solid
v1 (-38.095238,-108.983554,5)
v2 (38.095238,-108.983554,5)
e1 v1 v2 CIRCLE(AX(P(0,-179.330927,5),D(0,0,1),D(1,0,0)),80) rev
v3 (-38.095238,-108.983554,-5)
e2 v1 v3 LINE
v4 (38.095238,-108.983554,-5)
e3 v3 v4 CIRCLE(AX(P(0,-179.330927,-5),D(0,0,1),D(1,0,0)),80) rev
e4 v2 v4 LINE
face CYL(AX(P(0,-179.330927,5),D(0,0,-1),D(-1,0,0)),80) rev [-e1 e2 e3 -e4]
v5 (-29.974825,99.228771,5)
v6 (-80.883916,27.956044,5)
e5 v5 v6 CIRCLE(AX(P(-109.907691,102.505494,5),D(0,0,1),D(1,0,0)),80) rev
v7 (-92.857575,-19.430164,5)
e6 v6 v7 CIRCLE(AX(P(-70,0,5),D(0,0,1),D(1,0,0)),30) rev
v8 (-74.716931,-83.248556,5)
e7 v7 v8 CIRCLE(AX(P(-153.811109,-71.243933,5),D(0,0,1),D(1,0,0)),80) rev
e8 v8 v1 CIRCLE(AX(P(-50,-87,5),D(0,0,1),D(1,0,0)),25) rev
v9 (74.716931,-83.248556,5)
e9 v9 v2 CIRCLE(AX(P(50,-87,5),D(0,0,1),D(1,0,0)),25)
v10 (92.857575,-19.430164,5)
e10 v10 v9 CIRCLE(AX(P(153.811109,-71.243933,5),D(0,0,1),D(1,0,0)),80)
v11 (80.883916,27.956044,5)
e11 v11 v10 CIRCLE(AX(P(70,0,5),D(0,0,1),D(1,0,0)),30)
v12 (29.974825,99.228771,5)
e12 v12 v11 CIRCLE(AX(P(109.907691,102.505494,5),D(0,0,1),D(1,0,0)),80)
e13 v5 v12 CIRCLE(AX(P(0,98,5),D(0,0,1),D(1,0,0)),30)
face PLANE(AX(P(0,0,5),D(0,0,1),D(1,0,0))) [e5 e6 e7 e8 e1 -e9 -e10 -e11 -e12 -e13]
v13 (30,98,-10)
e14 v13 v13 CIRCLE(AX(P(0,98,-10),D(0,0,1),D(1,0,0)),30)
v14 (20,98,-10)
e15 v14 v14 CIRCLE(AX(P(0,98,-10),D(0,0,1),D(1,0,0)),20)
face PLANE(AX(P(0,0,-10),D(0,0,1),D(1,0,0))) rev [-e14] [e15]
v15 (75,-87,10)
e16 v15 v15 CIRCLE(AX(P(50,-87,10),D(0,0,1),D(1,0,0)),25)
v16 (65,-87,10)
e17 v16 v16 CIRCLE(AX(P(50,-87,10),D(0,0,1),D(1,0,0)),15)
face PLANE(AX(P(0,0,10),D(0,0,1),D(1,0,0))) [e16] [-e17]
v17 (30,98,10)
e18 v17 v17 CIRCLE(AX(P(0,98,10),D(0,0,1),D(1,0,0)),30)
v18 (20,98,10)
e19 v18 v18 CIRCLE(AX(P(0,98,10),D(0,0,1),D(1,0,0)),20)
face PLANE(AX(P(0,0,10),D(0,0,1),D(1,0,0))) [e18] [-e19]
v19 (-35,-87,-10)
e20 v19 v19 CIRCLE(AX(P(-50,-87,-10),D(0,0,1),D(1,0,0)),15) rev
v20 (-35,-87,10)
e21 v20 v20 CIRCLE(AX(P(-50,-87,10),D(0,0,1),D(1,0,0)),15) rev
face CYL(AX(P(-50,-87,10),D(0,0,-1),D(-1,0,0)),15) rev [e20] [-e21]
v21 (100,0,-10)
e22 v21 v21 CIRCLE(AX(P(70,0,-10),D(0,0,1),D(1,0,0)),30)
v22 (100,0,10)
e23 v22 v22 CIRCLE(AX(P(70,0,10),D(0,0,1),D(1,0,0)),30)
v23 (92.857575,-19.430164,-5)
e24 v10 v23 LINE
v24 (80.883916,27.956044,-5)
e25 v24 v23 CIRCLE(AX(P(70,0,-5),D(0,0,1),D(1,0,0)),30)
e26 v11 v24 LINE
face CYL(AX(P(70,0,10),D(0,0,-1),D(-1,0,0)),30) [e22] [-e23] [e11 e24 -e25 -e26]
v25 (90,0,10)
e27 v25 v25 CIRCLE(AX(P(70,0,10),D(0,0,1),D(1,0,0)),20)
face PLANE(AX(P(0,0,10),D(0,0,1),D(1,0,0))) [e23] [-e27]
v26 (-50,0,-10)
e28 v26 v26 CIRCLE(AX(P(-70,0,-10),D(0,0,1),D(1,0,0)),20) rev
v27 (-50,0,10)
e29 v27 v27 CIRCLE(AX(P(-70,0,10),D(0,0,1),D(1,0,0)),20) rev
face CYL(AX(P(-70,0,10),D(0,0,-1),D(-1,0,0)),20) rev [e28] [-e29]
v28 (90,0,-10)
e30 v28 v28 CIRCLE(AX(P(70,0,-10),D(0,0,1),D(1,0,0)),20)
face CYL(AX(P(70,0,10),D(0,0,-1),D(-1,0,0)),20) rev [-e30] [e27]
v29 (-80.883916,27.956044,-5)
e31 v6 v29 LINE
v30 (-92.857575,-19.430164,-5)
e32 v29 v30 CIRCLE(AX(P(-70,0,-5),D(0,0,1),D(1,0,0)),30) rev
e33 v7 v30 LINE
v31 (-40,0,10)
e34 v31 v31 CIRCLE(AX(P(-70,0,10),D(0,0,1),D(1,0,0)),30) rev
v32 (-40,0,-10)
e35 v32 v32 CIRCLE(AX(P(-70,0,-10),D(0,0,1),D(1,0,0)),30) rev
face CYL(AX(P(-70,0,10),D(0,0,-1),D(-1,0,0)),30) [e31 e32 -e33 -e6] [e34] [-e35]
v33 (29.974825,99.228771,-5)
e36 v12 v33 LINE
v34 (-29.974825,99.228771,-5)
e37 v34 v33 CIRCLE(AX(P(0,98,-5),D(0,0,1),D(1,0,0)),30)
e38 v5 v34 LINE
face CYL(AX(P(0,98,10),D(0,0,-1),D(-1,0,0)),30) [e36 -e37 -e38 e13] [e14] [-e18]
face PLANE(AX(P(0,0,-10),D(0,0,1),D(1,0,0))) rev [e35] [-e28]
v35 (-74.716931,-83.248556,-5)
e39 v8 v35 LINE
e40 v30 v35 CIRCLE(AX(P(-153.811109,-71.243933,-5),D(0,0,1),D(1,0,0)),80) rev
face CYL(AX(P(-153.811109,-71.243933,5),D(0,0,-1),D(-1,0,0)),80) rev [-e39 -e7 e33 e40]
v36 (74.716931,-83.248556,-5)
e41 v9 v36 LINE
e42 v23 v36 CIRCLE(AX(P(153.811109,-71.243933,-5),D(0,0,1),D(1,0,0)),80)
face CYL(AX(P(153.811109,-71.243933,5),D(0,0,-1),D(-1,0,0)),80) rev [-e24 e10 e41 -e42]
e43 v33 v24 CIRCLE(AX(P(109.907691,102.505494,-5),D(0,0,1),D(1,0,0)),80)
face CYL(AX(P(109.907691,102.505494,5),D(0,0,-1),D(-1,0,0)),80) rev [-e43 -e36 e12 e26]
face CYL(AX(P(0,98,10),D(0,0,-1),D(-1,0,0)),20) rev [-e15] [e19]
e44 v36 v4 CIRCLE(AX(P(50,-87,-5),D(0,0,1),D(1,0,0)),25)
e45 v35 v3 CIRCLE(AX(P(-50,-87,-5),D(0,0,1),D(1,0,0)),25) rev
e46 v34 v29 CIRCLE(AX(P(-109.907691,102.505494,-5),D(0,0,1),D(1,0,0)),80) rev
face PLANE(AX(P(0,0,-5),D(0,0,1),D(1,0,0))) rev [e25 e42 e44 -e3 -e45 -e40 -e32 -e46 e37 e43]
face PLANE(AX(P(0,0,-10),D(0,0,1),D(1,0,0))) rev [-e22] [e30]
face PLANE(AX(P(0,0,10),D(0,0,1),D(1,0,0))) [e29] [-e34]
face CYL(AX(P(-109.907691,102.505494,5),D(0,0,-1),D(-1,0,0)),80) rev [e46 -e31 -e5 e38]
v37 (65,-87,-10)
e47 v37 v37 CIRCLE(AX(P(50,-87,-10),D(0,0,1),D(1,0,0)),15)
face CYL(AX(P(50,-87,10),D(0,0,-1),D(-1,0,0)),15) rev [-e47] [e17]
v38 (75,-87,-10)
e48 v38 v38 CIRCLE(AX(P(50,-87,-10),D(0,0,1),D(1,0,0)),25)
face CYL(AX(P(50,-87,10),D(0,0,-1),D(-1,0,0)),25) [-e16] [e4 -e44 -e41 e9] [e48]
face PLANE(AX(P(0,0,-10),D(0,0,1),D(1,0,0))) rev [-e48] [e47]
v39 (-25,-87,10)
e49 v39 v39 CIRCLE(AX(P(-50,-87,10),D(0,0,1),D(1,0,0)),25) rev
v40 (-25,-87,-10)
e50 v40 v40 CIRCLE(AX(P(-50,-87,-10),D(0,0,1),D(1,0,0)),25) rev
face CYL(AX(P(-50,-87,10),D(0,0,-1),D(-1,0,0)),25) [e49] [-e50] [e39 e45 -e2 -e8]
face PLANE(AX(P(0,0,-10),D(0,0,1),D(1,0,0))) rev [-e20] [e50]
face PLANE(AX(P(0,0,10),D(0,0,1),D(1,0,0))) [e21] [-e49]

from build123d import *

# Parameters (mm, degrees)
BOSS_EXTRUDE1_DEPTH = 5
SKETCH1_3_R         = 30
SKETCH1_3_R_2       = 20
SKETCH1_3_R_3       = 25
SKETCH1_3_R_4       = 15
BOSS_EXTRUDE2_DEPTH = 10


with BuildPart() as part:
    # Sketch1 → Boss-Extrude1 (new, symmetric)
    with BuildSketch(Plane.XY):
        with BuildLine():
            ThreePointArc((30, 98), (21.213203436, 76.786796564), (0, 68))
            ThreePointArc((0, 68), (-21.643279891, 77.22577473), (-29.974824802, 99.228770963))
            ThreePointArc((-29.974824802, 99.228770963), (-44.809013245, 56.006438032), (-80.883915711, 27.95604369))
            ThreePointArc((-80.883915711, 27.95604369), (-53.066563718, 24.764061373), (-40, 0))
            ThreePointArc((-40, 0), (-59.649329868, -28.157834217), (-92.857575187, -19.430163575))
            ThreePointArc((-92.857575187, -19.430163575), (-76.859583983, -49.370140698), (-74.716930719, -83.248555502))
            ThreePointArc((-74.716930719, -83.248555502), (-48.118945506, -62.070867765), (-25, -87))
            ThreePointArc((-25, -87), (-28.521882675, -99.794157893), (-38.095238095, -108.983553944))
            ThreePointArc((-38.095238095, -108.983553944), (0, -99.330926563), (38.095238095, -108.983553944))
            ThreePointArc((38.095238095, -108.983553944), (35.626049477, -66.54542725), (74.716930719, -83.248555502))
            ThreePointArc((74.716930719, -83.248555502), (76.859583983, -49.370140698), (92.857575187, -19.430163575))
            ThreePointArc((92.857575187, -19.430163575), (40.914175072, -7.349475372), (80.883915711, 27.95604369))
            ThreePointArc((80.883915711, 27.95604369), (44.809013245, 56.006438032), (29.974824802, 99.228770963))
            ThreePointArc((29.974824802, 99.228770963), (29.99370554, 98.614514416), (30, 98))
        make_face()
    extrude(amount=BOSS_EXTRUDE1_DEPTH, both=True)

    # Sketch1<3> → Boss-Extrude2 (add, symmetric)
    # profile 1 of 5: a face of its own
    with BuildSketch(Plane.XY):
        with Locations((0, 98)):
            Circle(SKETCH1_3_R)
        with Locations((0, 98)):
            Circle(SKETCH1_3_R_2, mode=Mode.SUBTRACT)
    # profile 2 of 5: a face of its own
    with BuildSketch(Plane.XY):
        with Locations((-70, 0)):
            Circle(SKETCH1_3_R)
        with Locations((-70, 0)):
            Circle(SKETCH1_3_R_2, mode=Mode.SUBTRACT)
    # profile 3 of 5: a face of its own
    with BuildSketch(Plane.XY):
        with Locations((70, 0)):
            Circle(SKETCH1_3_R)
        with Locations((70, 0)):
            Circle(SKETCH1_3_R_2, mode=Mode.SUBTRACT)
    # profile 4 of 5: a face of its own
    with BuildSketch(Plane.XY):
        with Locations((-50, -87)):
            Circle(SKETCH1_3_R_3)
        with Locations((-50, -87)):
            Circle(SKETCH1_3_R_4, mode=Mode.SUBTRACT)
    # profile 5 of 5: a face of its own
    with BuildSketch(Plane.XY):
        with Locations((50, -87)):
            Circle(SKETCH1_3_R_3)
        with Locations((50, -87)):
            Circle(SKETCH1_3_R_4, mode=Mode.SUBTRACT)
    extrude(amount=BOSS_EXTRUDE2_DEPTH, both=True)


solid = part.part
